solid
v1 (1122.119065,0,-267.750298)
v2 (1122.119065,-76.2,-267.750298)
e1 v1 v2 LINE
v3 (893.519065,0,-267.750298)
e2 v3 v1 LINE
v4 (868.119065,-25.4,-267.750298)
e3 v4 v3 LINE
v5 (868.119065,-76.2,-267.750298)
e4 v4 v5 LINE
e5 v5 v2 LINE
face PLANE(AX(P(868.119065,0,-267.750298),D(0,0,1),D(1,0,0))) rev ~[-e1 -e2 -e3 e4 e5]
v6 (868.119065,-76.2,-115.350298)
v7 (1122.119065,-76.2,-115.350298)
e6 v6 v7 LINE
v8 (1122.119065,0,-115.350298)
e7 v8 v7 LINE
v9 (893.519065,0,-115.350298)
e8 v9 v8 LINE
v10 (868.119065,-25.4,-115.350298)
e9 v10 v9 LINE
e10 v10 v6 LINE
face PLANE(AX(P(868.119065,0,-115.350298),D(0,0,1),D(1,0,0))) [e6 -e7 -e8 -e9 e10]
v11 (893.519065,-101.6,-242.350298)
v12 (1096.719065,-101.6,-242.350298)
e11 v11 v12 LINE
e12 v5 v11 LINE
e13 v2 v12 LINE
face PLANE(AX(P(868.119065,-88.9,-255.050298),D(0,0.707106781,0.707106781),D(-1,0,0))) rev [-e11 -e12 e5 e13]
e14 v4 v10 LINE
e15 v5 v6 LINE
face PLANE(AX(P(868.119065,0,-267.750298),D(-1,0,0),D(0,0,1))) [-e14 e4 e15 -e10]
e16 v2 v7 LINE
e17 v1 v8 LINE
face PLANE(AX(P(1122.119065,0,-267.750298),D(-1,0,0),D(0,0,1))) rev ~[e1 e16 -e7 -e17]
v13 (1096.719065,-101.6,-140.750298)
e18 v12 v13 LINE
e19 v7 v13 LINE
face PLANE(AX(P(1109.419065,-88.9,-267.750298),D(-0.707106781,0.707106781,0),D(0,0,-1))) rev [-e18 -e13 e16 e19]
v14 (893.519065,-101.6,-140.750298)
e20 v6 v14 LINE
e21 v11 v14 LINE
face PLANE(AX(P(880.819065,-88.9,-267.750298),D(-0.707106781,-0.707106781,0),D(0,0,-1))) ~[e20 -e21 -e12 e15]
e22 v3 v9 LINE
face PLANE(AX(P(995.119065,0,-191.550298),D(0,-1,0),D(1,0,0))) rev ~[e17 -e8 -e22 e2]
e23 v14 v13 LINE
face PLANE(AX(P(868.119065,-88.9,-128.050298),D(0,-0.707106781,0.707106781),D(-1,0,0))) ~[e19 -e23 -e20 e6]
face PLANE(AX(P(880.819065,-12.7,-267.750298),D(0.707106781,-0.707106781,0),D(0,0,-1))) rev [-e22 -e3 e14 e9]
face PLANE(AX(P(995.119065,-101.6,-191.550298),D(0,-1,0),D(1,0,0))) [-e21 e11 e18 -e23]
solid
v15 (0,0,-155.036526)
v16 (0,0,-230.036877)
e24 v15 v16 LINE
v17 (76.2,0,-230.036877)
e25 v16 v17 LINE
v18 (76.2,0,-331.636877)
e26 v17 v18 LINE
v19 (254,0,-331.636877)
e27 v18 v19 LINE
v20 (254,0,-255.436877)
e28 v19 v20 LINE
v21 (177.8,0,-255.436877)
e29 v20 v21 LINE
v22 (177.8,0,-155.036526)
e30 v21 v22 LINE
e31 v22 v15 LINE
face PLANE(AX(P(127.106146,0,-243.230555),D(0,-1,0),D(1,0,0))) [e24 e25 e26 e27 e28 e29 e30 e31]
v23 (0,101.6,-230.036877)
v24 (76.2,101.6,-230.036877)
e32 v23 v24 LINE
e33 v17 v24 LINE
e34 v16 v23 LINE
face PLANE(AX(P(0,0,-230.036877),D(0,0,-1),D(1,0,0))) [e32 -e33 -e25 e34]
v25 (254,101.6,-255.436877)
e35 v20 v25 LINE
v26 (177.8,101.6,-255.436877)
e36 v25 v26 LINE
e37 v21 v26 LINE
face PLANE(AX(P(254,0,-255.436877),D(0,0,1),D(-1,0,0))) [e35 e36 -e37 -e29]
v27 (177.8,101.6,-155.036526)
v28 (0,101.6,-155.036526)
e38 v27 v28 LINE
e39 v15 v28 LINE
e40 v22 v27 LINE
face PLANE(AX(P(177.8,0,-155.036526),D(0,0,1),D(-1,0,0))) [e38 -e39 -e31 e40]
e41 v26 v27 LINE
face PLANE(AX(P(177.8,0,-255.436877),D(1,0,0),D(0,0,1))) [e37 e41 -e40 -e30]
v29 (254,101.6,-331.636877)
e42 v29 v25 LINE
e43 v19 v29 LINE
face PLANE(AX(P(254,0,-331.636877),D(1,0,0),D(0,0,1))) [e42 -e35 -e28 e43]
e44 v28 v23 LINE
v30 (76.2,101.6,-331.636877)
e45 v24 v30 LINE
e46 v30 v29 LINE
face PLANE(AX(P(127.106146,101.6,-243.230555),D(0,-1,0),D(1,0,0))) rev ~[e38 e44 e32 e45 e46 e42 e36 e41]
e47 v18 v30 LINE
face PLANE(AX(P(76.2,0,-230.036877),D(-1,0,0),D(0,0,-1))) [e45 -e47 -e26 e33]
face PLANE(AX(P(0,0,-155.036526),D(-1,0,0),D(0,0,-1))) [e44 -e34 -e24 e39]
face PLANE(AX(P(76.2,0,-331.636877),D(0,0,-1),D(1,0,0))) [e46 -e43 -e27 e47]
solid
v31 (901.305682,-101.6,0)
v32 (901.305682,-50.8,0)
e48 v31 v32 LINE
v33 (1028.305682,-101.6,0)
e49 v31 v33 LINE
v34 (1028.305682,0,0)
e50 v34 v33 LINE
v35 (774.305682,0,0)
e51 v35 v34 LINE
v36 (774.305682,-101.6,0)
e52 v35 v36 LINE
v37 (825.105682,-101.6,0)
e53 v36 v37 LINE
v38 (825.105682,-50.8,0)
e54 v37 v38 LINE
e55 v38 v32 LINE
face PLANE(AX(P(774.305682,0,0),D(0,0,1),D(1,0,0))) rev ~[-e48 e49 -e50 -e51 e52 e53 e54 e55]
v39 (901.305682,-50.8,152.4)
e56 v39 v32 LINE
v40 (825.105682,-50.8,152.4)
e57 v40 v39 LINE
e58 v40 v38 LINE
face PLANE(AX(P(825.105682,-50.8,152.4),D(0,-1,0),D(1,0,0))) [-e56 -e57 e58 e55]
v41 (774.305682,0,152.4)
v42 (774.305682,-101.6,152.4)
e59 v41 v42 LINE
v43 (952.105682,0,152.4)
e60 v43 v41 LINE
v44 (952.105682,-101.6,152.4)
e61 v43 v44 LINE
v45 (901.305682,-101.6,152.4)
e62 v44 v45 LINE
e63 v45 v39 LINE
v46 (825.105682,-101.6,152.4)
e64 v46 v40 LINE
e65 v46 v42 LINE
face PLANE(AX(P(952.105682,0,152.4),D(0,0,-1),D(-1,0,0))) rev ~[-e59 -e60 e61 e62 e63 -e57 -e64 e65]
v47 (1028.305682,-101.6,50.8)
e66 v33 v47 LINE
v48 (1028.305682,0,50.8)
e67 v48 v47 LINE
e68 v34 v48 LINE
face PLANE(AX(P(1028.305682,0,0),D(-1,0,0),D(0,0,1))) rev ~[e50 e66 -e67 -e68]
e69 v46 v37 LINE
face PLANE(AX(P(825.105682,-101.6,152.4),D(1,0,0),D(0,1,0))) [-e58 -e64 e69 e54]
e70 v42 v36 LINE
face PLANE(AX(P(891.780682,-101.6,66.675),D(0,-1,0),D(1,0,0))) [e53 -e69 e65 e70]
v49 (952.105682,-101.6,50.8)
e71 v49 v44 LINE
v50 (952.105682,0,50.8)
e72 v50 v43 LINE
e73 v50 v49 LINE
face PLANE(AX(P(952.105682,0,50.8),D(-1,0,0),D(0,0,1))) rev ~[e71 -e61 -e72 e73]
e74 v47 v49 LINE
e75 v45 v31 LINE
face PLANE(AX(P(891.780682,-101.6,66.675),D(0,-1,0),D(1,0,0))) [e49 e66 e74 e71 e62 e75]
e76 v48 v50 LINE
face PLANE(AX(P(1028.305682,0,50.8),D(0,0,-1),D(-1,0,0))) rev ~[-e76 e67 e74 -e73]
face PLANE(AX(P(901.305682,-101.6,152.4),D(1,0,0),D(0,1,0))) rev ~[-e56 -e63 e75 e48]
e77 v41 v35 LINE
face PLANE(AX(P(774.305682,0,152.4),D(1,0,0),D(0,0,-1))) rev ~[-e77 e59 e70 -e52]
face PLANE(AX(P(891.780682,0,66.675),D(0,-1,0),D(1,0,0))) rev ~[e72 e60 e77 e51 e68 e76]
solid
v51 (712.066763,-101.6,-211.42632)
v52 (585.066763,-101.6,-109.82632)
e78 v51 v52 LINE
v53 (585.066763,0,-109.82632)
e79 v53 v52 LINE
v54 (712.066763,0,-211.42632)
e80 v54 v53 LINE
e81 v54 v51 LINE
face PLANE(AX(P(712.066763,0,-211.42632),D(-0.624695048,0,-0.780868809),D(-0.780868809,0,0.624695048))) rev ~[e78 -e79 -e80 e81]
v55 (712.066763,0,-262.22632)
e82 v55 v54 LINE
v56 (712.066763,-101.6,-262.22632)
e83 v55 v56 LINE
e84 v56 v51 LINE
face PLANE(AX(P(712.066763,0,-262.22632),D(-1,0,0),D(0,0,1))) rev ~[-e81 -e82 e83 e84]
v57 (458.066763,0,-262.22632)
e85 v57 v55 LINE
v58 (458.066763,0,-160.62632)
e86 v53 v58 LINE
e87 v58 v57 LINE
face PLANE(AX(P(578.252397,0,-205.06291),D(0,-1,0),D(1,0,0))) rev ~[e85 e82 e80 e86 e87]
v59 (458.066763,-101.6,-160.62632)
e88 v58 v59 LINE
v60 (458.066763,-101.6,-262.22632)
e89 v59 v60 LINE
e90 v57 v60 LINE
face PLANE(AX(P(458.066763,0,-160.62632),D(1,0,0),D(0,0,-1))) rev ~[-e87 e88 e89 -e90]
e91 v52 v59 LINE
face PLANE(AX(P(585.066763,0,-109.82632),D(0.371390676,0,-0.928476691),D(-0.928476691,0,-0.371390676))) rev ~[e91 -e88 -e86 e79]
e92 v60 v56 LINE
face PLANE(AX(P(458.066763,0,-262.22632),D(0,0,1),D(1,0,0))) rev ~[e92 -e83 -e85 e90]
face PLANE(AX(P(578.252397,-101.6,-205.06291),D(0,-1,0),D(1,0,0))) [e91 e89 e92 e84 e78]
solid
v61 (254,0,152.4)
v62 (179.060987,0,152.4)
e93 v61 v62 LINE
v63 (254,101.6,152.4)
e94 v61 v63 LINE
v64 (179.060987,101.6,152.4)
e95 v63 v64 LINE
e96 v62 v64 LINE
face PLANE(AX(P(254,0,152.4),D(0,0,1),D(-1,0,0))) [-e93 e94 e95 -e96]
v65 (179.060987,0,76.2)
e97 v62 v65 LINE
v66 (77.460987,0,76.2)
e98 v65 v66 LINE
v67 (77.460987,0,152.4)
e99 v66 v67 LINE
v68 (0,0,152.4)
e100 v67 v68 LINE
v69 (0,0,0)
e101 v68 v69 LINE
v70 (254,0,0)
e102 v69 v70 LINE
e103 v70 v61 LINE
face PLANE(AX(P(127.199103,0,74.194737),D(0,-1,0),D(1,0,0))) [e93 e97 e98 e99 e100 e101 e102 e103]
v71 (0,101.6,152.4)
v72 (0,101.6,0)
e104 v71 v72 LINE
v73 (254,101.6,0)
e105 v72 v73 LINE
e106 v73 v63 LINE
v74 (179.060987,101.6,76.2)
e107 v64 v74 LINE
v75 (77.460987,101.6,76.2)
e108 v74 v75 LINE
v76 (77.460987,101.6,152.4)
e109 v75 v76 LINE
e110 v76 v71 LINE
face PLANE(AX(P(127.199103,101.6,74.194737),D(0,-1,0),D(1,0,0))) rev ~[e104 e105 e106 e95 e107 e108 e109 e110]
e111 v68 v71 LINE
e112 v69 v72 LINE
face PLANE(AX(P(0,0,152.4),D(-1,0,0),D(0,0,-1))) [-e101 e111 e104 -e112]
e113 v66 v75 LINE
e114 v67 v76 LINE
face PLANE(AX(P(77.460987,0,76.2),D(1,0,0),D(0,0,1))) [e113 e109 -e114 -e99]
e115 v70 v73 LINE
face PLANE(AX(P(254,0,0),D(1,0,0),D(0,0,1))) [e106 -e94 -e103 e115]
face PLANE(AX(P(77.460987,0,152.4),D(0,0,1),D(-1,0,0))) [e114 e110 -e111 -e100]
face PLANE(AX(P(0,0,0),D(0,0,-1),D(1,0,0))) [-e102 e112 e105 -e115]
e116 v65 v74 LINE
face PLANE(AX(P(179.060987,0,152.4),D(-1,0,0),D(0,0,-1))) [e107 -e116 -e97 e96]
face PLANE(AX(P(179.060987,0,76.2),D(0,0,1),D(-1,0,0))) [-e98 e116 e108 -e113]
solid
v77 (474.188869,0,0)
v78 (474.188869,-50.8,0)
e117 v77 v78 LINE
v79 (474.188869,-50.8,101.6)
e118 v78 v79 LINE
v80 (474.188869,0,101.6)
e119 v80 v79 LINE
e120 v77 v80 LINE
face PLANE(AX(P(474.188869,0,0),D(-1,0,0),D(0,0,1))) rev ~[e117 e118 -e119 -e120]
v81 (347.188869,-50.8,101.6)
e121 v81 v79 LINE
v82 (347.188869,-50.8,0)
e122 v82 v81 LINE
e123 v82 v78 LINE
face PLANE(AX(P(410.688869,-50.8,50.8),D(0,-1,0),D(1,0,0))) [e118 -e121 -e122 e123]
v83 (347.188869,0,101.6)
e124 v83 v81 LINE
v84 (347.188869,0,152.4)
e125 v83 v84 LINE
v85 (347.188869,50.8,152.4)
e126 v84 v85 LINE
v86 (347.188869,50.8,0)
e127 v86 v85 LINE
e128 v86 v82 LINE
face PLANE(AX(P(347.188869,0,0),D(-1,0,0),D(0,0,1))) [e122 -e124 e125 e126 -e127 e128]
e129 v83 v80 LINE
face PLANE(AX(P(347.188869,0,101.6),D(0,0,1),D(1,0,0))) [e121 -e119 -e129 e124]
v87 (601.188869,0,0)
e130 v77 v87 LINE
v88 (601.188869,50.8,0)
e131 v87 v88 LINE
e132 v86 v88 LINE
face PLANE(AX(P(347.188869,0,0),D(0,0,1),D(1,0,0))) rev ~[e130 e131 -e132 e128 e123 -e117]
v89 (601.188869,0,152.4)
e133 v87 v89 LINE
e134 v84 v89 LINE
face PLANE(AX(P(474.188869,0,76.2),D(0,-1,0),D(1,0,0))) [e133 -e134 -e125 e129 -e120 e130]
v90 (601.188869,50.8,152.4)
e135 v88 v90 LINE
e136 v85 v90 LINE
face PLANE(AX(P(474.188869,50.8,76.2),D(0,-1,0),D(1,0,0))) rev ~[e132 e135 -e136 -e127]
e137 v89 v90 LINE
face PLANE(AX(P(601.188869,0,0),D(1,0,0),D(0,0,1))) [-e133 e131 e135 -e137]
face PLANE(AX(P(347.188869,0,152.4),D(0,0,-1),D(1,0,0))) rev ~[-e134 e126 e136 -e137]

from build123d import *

# Parameters (mm, degrees)
F1_DEPTH  = 101.6
F2_W      = 254
F2_H      = 152.4
F3_DEPTH  = 50.8
F4_W      = 127
F4_H      = 101.6
F5_DEPTH  = 50.8
F7_DEPTH  = 101.6
F8_W      = 76.2
F8_H      = 50.8
F9_DEPTH  = 152.4
F11_DEPTH = 101.6
F13_DEPTH = 101.6
F14_W     = 254
F14_H     = 152.4
F15_DEPTH = 101.6
F16_SIZE  = 25.4


with BuildPart() as f1:
    # F0 (on Front) → F1 (new body)
    with BuildSketch(Plane.XZ):
        Polygon((0, 152.4), (0, 0), (254, 0), (254, 152.4), (179.060987, 152.4), (179.060987, 76.2), (77.460987, 76.2), (77.460987, 152.4), align=None)
    extrude(amount=-F1_DEPTH)


with BuildPart() as f3:
    # F2 (on Front) → F3 (new body)
    with BuildSketch(Plane.XZ):
        with Locations((474.188869, 76.2)):
            Rectangle(F2_W, F2_H)
    extrude(amount=-F3_DEPTH)

    # F4 (on face) → F5 (join)
    with BuildSketch(Plane.XZ):
        with Locations((410.688869, 50.8)):
            Rectangle(F4_W, F4_H)
    extrude(amount=F5_DEPTH)


with BuildPart() as f7:
    # F6 (on Front) → F7 (new body)
    with BuildSketch(Plane.XZ):
        Polygon((774.305682, 152.4), (774.305682, 0), (1028.305682, 0), (1028.305682, 50.8), (952.105682, 50.8), (952.105682, 152.4), align=None)
    extrude(amount=F7_DEPTH)

    # F8 (on face) → F9 (cut)
    with BuildSketch(Plane.XY.offset(152.4)):
        with Locations((863.205682, -76.2)):
            Rectangle(F8_W, F8_H)
    extrude(amount=-F9_DEPTH, mode=Mode.SUBTRACT)


with BuildPart() as f11:
    # F10 (on Front) → F11 (new body)
    with BuildSketch(Plane.XZ):
        Polygon((177.8, -155.036526), (0, -155.036526), (0, -230.036877), (76.2, -230.036877), (76.2, -331.636877), (254, -331.636877), (254, -255.436877), (177.8, -255.436877), align=None)
    extrude(amount=-F11_DEPTH)


with BuildPart() as f13:
    # F12 (on Front) → F13 (new body)
    with BuildSketch(Plane.XZ):
        Polygon((585.066763, -109.82632), (458.066763, -160.62632), (458.066763, -262.22632), (712.066763, -262.22632), (712.066763, -211.42632), align=None)
    extrude(amount=F13_DEPTH)


with BuildPart() as f15:
    # F14 (on Front) → F15 (new body)
    with BuildSketch(Plane.XZ):
        with Locations((995.119065, -191.550298)):
            Rectangle(F14_W, F14_H)
    extrude(amount=F15_DEPTH)

    # F16
    f16_edges = [f15.edges().sort_by_distance(p)[0] for p in [
        (868.119065, 0, -191.550298),
        (995.119065, -101.6, -115.350298),
        (1122.119065, -101.6, -191.550298),
        (995.119065, -101.6, -267.750298),
        (868.119065, -101.6, -191.550298),
    ]]
    chamfer(f16_edges, length=F16_SIZE)


solid = Compound([f1.part, f3.part, f7.part, f11.part, f13.part, f15.part])
